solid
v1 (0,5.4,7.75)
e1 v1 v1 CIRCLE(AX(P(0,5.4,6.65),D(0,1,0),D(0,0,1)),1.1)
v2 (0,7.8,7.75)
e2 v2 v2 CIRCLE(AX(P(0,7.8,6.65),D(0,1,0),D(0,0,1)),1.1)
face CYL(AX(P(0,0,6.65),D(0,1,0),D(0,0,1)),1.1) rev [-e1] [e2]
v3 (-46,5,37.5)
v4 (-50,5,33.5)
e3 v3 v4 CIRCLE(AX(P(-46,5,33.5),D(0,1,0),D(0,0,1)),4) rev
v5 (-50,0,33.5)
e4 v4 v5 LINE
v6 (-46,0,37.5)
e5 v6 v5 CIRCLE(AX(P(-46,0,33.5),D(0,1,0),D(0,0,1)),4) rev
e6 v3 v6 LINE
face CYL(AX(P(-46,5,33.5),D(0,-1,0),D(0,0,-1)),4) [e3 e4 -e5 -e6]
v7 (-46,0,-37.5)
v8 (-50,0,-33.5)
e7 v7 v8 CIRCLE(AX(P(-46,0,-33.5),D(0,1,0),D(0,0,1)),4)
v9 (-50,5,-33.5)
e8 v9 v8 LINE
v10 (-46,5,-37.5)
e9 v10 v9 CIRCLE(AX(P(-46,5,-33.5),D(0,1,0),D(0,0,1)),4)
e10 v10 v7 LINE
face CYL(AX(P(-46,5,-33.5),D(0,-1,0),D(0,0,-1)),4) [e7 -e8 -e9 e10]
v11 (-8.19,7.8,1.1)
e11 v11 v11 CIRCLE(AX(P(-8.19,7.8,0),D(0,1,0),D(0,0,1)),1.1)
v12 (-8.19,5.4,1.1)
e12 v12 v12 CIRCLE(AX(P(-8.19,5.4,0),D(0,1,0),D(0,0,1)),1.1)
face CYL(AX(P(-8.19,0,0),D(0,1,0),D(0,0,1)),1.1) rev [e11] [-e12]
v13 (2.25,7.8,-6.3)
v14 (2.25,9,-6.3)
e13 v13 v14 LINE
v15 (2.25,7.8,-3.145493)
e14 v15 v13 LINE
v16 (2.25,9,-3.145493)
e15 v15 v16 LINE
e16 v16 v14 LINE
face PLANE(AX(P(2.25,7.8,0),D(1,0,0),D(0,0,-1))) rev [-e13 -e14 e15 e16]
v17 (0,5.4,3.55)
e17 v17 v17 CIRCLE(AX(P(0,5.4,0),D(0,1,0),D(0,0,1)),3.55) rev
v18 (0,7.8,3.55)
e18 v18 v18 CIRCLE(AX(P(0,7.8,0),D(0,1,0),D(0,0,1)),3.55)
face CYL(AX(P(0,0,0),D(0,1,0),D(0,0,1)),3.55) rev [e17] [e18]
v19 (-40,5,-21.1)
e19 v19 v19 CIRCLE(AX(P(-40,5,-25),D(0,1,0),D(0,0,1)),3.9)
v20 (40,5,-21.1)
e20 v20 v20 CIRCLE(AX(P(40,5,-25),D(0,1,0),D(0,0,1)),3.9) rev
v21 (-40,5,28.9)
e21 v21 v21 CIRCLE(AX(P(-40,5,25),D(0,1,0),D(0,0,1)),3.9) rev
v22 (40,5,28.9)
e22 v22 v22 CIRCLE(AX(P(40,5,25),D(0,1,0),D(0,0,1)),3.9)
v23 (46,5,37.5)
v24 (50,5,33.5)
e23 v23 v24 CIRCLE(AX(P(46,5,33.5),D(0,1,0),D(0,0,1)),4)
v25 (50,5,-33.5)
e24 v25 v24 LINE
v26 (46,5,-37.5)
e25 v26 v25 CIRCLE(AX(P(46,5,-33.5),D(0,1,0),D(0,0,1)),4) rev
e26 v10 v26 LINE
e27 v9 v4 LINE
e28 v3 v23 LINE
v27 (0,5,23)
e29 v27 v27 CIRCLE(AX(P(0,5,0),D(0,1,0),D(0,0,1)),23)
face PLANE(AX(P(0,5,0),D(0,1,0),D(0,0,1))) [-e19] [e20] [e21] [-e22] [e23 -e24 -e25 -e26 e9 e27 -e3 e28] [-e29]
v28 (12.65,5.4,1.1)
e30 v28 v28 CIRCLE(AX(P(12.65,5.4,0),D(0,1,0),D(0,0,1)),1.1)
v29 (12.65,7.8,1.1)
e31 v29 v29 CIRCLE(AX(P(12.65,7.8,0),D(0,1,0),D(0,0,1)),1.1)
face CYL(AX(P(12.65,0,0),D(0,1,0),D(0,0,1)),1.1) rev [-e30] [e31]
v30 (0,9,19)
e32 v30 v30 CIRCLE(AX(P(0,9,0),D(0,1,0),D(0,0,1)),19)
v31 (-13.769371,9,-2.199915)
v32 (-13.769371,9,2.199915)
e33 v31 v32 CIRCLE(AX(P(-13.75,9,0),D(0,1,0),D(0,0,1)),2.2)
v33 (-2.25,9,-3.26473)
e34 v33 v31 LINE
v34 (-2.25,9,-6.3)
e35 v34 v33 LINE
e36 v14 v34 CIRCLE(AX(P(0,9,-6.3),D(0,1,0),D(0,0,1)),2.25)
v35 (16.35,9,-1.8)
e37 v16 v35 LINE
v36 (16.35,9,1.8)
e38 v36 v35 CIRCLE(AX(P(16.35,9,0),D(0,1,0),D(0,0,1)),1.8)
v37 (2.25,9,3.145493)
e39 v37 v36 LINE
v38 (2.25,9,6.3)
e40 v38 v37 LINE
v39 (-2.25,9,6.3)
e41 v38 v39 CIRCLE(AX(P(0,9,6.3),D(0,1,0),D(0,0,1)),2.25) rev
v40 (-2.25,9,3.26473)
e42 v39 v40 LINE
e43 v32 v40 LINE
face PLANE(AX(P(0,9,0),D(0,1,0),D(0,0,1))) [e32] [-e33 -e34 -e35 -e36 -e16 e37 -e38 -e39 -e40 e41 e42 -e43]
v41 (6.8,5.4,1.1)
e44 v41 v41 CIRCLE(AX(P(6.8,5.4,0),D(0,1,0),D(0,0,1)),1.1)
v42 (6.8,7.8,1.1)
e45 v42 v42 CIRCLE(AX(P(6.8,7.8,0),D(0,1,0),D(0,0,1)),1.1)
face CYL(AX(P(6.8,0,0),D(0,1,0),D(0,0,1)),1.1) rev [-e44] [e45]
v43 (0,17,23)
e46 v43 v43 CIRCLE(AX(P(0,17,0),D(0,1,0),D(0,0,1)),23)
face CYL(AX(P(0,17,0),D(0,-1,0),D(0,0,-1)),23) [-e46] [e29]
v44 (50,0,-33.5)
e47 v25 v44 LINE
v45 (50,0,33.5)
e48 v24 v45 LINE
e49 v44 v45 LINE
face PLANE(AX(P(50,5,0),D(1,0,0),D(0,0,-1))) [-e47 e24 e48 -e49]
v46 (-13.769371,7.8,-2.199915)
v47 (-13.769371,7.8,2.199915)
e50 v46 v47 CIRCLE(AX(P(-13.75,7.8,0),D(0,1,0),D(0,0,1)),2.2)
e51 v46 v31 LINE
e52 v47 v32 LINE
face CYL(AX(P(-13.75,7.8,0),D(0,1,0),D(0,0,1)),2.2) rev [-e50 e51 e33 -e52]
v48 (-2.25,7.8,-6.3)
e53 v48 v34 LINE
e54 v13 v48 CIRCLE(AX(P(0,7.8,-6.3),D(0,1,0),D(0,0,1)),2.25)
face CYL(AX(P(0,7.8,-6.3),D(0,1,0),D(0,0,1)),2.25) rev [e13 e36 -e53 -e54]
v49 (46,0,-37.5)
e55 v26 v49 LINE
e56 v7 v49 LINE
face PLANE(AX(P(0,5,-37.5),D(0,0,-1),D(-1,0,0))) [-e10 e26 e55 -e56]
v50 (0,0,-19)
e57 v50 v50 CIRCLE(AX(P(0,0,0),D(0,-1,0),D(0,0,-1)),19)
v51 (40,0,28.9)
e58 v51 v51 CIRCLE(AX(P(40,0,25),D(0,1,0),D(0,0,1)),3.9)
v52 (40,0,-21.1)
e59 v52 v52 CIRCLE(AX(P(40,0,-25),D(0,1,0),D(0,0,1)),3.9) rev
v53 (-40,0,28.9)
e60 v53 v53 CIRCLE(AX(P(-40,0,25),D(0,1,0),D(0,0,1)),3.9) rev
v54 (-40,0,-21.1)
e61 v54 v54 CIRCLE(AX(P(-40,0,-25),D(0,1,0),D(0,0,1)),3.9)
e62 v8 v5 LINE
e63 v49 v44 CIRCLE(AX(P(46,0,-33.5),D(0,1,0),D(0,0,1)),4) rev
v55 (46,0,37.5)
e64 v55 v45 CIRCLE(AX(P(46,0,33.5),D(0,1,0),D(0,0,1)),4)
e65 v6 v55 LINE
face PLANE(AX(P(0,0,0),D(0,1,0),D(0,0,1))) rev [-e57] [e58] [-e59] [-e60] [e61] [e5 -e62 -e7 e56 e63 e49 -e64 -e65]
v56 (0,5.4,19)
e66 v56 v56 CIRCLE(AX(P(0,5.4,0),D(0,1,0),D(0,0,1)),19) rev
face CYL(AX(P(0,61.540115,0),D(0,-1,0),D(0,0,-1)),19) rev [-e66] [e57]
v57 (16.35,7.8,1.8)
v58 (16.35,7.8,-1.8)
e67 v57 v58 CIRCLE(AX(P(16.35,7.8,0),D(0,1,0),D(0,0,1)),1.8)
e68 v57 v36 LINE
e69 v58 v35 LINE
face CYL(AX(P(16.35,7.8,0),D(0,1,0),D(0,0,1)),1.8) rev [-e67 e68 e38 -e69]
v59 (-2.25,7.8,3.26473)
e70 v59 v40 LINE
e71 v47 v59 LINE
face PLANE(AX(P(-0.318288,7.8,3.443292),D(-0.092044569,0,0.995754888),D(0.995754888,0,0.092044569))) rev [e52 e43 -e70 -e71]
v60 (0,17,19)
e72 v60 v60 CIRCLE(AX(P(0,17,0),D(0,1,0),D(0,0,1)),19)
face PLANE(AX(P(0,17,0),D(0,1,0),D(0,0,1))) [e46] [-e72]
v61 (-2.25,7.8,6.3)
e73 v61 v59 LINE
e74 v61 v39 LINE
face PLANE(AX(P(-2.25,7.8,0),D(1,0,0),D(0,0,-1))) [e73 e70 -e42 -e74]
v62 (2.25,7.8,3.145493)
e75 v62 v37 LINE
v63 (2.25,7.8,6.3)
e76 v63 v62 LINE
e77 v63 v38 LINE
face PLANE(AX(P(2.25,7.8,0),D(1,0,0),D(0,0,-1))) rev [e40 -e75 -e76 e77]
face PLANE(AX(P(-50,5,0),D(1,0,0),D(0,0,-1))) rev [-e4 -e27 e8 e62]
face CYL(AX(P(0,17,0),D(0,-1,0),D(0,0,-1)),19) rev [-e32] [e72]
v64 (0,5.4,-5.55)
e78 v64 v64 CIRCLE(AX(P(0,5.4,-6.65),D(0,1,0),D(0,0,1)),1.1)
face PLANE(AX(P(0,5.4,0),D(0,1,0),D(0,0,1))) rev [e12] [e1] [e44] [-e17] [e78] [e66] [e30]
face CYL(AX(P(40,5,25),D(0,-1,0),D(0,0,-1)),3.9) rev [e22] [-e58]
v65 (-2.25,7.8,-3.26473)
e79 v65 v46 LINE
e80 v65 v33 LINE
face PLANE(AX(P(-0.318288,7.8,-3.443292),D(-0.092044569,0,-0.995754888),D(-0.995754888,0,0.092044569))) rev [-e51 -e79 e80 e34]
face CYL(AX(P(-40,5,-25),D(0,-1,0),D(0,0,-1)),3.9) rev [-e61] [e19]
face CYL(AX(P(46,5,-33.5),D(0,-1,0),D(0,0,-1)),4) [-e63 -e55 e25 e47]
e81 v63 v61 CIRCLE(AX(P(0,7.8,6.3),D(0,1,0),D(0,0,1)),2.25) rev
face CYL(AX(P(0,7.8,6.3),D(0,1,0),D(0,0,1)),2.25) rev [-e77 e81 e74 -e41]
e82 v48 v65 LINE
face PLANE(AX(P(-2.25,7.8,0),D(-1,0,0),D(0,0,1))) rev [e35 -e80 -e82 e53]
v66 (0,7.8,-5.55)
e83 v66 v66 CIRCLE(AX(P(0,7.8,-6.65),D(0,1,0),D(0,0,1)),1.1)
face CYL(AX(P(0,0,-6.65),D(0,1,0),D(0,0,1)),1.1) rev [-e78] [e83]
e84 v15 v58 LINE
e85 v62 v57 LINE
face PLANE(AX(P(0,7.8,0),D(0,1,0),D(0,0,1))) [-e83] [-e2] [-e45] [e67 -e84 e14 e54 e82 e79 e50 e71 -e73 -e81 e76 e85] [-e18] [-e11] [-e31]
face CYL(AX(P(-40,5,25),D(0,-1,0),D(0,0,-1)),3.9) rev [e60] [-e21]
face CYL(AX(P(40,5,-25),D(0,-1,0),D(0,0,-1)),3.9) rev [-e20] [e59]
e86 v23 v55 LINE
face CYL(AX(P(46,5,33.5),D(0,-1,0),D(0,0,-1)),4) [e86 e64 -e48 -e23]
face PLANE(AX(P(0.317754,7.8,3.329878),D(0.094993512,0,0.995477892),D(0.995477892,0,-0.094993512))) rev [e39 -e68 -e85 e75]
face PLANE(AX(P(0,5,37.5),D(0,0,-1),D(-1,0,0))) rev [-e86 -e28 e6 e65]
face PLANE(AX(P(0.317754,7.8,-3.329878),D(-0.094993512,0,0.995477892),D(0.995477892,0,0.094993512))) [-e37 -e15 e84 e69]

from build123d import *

# Parameters (mm, degrees)
ESQUISSE1_R             = 3.9
BOSS_EXTRU_1_DEPTH      = 5
ESQUISSE2_R             = 23
ESQUISSE2_R_2           = 19
BOSS_EXTRU_2_DEPTH      = 12
ESQUISSE5_R             = 19
BOSS_EXTRU_3_DEPTH      = 4
ENL_V_MAT_EXTRU_4_DEPTH = 1.2
ESQUISSE9_R             = 3.55
ENL_V_MAT_EXTRU_5_DEPTH = 64.173491276
ESQUISSE6_R             = 19
ENL_V_MAT_EXTRU_3_DEPTH = 5.4
ESQUISSE10_R            = 1.1
ESQUISSE10_R_2          = 0.5
ENL_V_MAT_EXTRU_6_DEPTH = 64.173491276


with BuildPart() as part:
    # Esquisse1 → Boss.-Extru.1 (new body)
    with BuildSketch(Plane(origin=(0, 0, 0), x_dir=(1, 0, 0), z_dir=(0, 1, 0))):
        with BuildLine():
            Line((46, 37.5), (-46, 37.5))
            ThreePointArc((-46, 37.5), (-48.828427125, 36.328427125), (-50, 33.5))
            Line((-50, 33.5), (-50, -33.5))
            ThreePointArc((-50, -33.5), (-48.828427125, -36.328427125), (-46, -37.5))
            Line((-46, -37.5), (46, -37.5))
            ThreePointArc((46, -37.5), (48.828427125, -36.328427125), (50, -33.5))
            Line((50, -33.5), (50, 33.5))
            ThreePointArc((50, 33.5), (48.828427125, 36.328427125), (46, 37.5))
        make_face()
        with Locations(Location((-40, -25, 0), (0, 0, 270))):
            Circle(ESQUISSE1_R, mode=Mode.SUBTRACT)
        with Locations(Location((40, -25, 0), (0, 0, 270))):
            Circle(ESQUISSE1_R, mode=Mode.SUBTRACT)
        with Locations(Location((-40, 25, 0), (0, 0, 270))):
            Circle(ESQUISSE1_R, mode=Mode.SUBTRACT)
        with Locations(Location((40, 25, 0), (0, 0, 270))):
            Circle(ESQUISSE1_R, mode=Mode.SUBTRACT)
    extrude(amount=BOSS_EXTRU_1_DEPTH)

    # Esquisse2 → Boss.-Extru.2 (add)
    with BuildSketch(Plane(origin=(0, 5, 0), x_dir=(1, 0, 0), z_dir=(0, 1, 0))):
        with Locations(Location((0, 0, 0), (0, 0, 270))):
            Circle(ESQUISSE2_R)
        with Locations(Location((0, 0, 0), (0, 0, 270))):
            Circle(ESQUISSE2_R_2, mode=Mode.SUBTRACT)
    extrude(amount=BOSS_EXTRU_2_DEPTH)

    # Esquisse5 → Boss.-Extru.3 (add)
    with BuildSketch(Plane(origin=(0, 5, 0), x_dir=(1, 0, 0), z_dir=(0, 1, 0))):
        with Locations(Location((0, 0, 0), (0, 0, 270))):
            Circle(ESQUISSE5_R)
    extrude(amount=BOSS_EXTRU_3_DEPTH)

    # Esquisse8 → Enlèv. mat.-Extru.4 (cut)
    with BuildSketch(Plane(origin=(0, 9, 0), x_dir=(1, 0, 0), z_dir=(0, 1, 0))):
        with BuildLine():
            Line((2.25, -6.3), (2.25, -3.145492982))
            Line((2.25, -3.145492982), (16.35, -1.8))
            ThreePointArc((16.35, -1.8), (18.15, 0), (16.35, 1.8))
            Line((16.35, 1.8), (2.25, 3.145492982))
            Line((2.25, 3.145492982), (2.25, 6.3))
            ThreePointArc((2.25, 6.3), (0, 8.55), (-2.25, 6.3))
            Line((-2.25, 6.3), (-2.25, 3.264730494))
            Line((-2.25, 3.264730494), (-13.769370638, 2.199914721))
            ThreePointArc((-13.769370638, 2.199914721), (-15.95, 0), (-13.769370638, -2.199914721))
            Line((-13.769370638, -2.199914721), (-2.25, -3.264730494))
            Line((-2.25, -3.264730494), (-2.25, -6.3))
            ThreePointArc((-2.25, -6.3), (0, -8.55), (2.25, -6.3))
        make_face()
    extrude(amount=-ENL_V_MAT_EXTRU_4_DEPTH, mode=Mode.SUBTRACT)

    # Esquisse9 → Enlèv. mat.-Extru.5 (cut, through all)
    with BuildSketch(Plane(origin=(0, 7.8, 0), x_dir=(1, 0, 0), z_dir=(0, 1, 0))):
        with Locations(Location((0, 0, 0), (0, 0, 270))):
            Circle(ESQUISSE9_R)
    extrude(amount=-ENL_V_MAT_EXTRU_5_DEPTH, mode=Mode.SUBTRACT)

    # Esquisse6 → Enlèv. mat.-Extru.3 (cut)
    with BuildSketch(Plane.XZ):
        with Locations(Location((0, 0, 0), (0, 0, 90))):
            Circle(ESQUISSE6_R)
    extrude(amount=-ENL_V_MAT_EXTRU_3_DEPTH, mode=Mode.SUBTRACT)

    # Esquisse10 → Enlèv. mat.-Extru.6 (cut, through all)
    # profile 1 of 10: a face of its own
    with BuildSketch(Plane(origin=(0, 7.8, 0), x_dir=(1, 0, 0), z_dir=(0, 1, 0))):
        with Locations(Location((0, 6.65, 0), (0, 0, 270))):
            Circle(ESQUISSE10_R)
        with Locations((0, 6.65)):
            Circle(ESQUISSE10_R_2, mode=Mode.SUBTRACT)
    # profile 2 of 10: a face of its own
    with BuildSketch(Plane(origin=(0, 7.8, 0), x_dir=(1, 0, 0), z_dir=(0, 1, 0))):
        with Locations((0, 6.65)):
            Circle(ESQUISSE10_R_2)
    # profile 3 of 10: a face of its own
    with BuildSketch(Plane(origin=(0, 7.8, 0), x_dir=(1, 0, 0), z_dir=(0, 1, 0))):
        with Locations(Location((0, -6.65, 0), (0, 0, 270))):
            Circle(ESQUISSE10_R)
        with Locations((0, -6.65)):
            Circle(ESQUISSE10_R_2, mode=Mode.SUBTRACT)
    # profile 4 of 10: a face of its own
    with BuildSketch(Plane(origin=(0, 7.8, 0), x_dir=(1, 0, 0), z_dir=(0, 1, 0))):
        with Locations((0, -6.65)):
            Circle(ESQUISSE10_R_2)
    # profile 5 of 10: a face of its own
    with BuildSketch(Plane(origin=(0, 7.8, 0), x_dir=(1, 0, 0), z_dir=(0, 1, 0))):
        with Locations(Location((-8.19, 0, 0), (0, 0, 270))):
            Circle(ESQUISSE10_R)
        with Locations((-8.19, 0)):
            Circle(ESQUISSE10_R_2, mode=Mode.SUBTRACT)
    # profile 6 of 10: a face of its own
    with BuildSketch(Plane(origin=(0, 7.8, 0), x_dir=(1, 0, 0), z_dir=(0, 1, 0))):
        with Locations((-8.19, 0)):
            Circle(ESQUISSE10_R_2)
    # profile 7 of 10: a face of its own
    with BuildSketch(Plane(origin=(0, 7.8, 0), x_dir=(1, 0, 0), z_dir=(0, 1, 0))):
        with Locations(Location((6.8, 0, 0), (0, 0, 270))):
            Circle(ESQUISSE10_R)
        with Locations((6.8, 0)):
            Circle(ESQUISSE10_R_2, mode=Mode.SUBTRACT)
    # profile 8 of 10: a face of its own
    with BuildSketch(Plane(origin=(0, 7.8, 0), x_dir=(1, 0, 0), z_dir=(0, 1, 0))):
        with Locations((6.8, 0)):
            Circle(ESQUISSE10_R_2)
    # profile 9 of 10: a face of its own
    with BuildSketch(Plane(origin=(0, 7.8, 0), x_dir=(1, 0, 0), z_dir=(0, 1, 0))):
        with Locations(Location((12.65, 0, 0), (0, 0, 270))):
            Circle(ESQUISSE10_R)
        with Locations((12.65, 0)):
            Circle(ESQUISSE10_R_2, mode=Mode.SUBTRACT)
    # profile 10 of 10: a face of its own
    with BuildSketch(Plane(origin=(0, 7.8, 0), x_dir=(1, 0, 0), z_dir=(0, 1, 0))):
        with Locations((12.65, 0)):
            Circle(ESQUISSE10_R_2)
    extrude(amount=-ENL_V_MAT_EXTRU_6_DEPTH, mode=Mode.SUBTRACT)


solid = part.part
